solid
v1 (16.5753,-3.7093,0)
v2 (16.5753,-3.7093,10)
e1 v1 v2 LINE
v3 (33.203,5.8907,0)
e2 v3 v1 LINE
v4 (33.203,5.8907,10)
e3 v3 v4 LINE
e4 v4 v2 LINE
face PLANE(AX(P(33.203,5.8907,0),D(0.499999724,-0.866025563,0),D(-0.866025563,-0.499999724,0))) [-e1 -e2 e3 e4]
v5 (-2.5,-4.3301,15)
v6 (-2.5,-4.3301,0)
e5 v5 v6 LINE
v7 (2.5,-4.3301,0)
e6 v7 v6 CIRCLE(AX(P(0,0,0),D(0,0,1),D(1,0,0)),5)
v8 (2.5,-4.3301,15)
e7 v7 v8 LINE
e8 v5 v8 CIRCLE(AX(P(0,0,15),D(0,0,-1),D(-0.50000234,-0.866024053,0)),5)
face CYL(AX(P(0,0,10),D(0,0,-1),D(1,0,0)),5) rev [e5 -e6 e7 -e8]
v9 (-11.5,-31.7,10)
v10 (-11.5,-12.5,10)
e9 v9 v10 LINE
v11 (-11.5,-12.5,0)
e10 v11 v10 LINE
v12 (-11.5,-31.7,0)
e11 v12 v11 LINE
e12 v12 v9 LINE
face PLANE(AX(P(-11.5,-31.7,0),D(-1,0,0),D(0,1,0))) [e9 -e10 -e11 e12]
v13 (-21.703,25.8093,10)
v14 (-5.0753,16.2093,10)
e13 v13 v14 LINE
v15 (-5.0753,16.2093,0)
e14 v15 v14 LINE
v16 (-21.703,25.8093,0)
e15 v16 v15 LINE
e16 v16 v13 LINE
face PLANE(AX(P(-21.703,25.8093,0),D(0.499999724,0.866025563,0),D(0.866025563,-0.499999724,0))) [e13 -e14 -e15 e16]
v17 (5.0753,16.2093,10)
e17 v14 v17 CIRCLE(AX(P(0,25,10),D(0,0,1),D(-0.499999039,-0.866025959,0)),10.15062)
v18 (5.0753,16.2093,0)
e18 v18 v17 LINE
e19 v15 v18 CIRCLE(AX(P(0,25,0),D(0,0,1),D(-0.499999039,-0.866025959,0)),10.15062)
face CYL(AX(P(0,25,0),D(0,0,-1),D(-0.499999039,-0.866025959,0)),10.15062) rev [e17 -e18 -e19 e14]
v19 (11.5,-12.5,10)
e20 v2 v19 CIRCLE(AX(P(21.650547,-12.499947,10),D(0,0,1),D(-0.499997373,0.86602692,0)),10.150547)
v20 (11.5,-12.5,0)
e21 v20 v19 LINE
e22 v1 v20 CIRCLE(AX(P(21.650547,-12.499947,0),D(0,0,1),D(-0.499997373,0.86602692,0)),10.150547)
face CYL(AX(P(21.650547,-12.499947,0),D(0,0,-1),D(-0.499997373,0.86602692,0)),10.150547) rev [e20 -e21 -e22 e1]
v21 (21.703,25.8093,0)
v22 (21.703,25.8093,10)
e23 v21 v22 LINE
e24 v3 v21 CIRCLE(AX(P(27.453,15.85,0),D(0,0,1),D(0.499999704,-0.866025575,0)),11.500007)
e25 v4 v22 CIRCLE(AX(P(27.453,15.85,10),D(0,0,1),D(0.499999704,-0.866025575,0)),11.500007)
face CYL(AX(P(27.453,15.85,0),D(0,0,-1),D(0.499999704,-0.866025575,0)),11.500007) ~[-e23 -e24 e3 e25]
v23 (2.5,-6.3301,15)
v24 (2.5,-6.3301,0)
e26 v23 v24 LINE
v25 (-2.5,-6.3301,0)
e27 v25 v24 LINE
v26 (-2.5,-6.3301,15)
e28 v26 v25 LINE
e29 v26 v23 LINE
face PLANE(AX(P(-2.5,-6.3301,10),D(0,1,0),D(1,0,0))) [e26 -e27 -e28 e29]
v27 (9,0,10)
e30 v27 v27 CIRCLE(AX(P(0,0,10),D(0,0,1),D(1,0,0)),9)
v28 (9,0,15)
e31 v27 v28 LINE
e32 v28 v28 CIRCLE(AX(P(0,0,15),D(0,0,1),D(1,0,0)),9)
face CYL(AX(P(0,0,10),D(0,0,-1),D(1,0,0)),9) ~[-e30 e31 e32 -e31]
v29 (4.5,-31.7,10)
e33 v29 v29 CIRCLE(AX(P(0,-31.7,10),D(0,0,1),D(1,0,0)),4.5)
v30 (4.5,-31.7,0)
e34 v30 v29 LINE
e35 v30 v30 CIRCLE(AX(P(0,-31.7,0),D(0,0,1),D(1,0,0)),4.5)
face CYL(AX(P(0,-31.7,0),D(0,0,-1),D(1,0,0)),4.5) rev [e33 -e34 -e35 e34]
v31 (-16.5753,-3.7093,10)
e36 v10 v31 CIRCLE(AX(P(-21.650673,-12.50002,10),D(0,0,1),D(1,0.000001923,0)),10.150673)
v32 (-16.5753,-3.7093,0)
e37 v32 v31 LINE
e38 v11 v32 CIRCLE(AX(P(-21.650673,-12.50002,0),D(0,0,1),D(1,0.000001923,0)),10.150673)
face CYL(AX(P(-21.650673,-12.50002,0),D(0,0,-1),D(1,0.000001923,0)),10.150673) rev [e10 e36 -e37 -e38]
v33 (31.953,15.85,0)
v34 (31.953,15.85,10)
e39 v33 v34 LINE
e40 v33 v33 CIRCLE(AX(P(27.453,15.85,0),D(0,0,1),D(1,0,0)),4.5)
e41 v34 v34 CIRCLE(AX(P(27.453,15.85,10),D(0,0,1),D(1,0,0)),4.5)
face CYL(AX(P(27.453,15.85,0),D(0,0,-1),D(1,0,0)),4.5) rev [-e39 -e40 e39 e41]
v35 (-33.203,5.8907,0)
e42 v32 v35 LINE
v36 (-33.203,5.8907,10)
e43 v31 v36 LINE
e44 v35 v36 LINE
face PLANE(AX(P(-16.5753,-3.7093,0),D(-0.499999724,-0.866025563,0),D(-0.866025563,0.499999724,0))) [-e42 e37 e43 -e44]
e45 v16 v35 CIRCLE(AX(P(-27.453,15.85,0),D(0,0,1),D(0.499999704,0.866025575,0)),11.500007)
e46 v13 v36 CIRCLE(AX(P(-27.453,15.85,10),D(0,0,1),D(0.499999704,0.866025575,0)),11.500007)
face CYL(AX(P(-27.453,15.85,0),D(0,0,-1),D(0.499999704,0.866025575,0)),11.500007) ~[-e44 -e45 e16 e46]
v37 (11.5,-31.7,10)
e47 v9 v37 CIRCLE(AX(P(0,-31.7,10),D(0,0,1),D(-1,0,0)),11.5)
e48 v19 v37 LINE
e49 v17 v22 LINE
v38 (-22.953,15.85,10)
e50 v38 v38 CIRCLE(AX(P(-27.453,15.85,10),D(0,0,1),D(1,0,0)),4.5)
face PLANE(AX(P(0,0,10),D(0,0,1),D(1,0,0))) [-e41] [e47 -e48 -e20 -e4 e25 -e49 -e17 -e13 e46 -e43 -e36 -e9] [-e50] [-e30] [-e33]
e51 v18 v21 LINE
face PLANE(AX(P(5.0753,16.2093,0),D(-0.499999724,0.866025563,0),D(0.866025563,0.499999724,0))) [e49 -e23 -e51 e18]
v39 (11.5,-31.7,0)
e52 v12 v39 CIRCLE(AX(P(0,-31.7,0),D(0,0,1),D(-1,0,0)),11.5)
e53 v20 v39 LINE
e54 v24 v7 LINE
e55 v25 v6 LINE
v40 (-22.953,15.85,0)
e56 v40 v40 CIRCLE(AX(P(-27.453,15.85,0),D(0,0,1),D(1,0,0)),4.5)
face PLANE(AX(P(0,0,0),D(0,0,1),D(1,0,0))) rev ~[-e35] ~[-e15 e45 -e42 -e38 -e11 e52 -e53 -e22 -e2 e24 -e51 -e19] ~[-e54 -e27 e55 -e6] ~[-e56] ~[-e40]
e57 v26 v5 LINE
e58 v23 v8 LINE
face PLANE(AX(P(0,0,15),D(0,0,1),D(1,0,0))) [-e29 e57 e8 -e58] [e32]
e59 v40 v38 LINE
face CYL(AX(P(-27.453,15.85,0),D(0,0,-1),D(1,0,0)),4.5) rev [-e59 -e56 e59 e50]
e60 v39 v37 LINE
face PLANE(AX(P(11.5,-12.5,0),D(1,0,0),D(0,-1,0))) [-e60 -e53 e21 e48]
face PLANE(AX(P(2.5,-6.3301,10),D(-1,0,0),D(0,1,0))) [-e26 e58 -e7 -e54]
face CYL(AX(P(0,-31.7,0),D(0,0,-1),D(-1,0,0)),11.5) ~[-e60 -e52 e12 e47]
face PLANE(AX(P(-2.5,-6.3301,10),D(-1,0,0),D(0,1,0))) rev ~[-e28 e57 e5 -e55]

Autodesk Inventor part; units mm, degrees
ref_plane "YZ Plane" through (0, 0, 0) normal (1, 0, 0) x (0, 1, 0)
ref_plane "XZ Plane" through (0, 0, 0) normal (0, 1, 0) x (-1, 0, 0)
ref_plane "XY Plane" through (0, 0, 0) normal (0, 0, 1) x (1, 0, 0)
sketch "草圖1" plane through (0, 0, 0) normal (0, 0, 1) x (1, 0, 0)
  line L0 (0, 0) -> (-27.453, 15.85) construction
  line L1 (0, 0) -> (0, -31.7) construction
  circle A0 centre (27.453, 15.85) radius 4.5
  circle A1 centre (0, -31.7) radius 4.5
  circle A2 centre (-27.453, 15.85) radius 4.5
  line L2 (-21.703, 25.8093) -> (-5.0753, 16.2093)
  arc A3 (-5.0753, 16.2093) -> (5.0753, 16.2093) centre (0, 25) ccw
  line L3 (5.0753, 16.2093) -> (21.703, 25.8093)
  line L4 (21.703, 25.8093) -> (21.703, 25.8093)
  arc A4 (33.203, 5.8907) -> (21.703, 25.8093) centre (27.453, 15.85) ccw
  line L5 (33.203, 5.8907) -> (16.5753, -3.7093)
  arc A5 (16.5753, -3.7093) -> (11.5, -12.5) centre (21.6506, -12.5) ccw
  line L6 (11.5, -12.5) -> (11.5, -31.7)
  arc A6 (-11.5, -31.7) -> (11.5, -31.7) centre (0, -31.7) ccw
  line L7 (-11.5, -31.7) -> (-11.5, -12.5)
  arc A7 (-11.5, -12.5) -> (-16.5753, -3.7093) centre (-21.6506, -12.5) ccw
  line L8 (-16.5753, -3.7093) -> (-33.203, 5.8907)
  arc A8 (-21.703, 25.8093) -> (-33.203, 5.8907) centre (-27.453, 15.85) ccw
  line L9 (0, 0) -> (27.453, 15.85) construction
  circle A9 centre (0, 0) radius 8
  dimension "d0" = 31.7
  dimension "d4" = 120
  dimension "d5" = 31.7
  dimension "d6" = 9
  dimension "d7" = 9
  dimension "d8" = 9
  dimension "d9" = 7
  dimension "d10" = 7
  dimension "d11" = 7
  dimension "d12" = 31.7
  dimension "d13" = 120
  dimension "d35" = 25
  dimension "d38" = 16
extrude "擠出1" add sketch "草圖1" along normal blind 10 contours L2 A3 L3 A4 L5 A5 L6 A6 L7 A7 L8 A8 | A9
sketch "草圖2" plane through (0, 0, 10) normal (0, 0, 1) x (1, 0, 0)
  circle A0 centre (0, 0) radius 5
  circle A1 centre (0, 0) radius 9
  line L0 (-2.5, -6.3301) -> (2.5, -6.3301)
  line L1 (-2.5, -6.3301) -> (-2.5, -4.3301)
  line L2 (2.5, -6.3301) -> (2.5, -4.3301)
  dimension "d41" = 10
  dimension "d42" = 18
  dimension "d45" = 5
  dimension "d46" = 2
extrude "擠出2" cut sketch "草圖2" against normal through all contours A0 | A0 L2 L0 L1
extrude "擠出3" add sketch "草圖2" along normal blind 5
equation "\"d0\" = d5"
equation "\"d6\" = d8"
equation "\"d7\" = d8"
equation "\"d10\" = d9"
equation "\"d11\" = d9"
equation "\"d12\" = d5"
properties part number "carrier2"
